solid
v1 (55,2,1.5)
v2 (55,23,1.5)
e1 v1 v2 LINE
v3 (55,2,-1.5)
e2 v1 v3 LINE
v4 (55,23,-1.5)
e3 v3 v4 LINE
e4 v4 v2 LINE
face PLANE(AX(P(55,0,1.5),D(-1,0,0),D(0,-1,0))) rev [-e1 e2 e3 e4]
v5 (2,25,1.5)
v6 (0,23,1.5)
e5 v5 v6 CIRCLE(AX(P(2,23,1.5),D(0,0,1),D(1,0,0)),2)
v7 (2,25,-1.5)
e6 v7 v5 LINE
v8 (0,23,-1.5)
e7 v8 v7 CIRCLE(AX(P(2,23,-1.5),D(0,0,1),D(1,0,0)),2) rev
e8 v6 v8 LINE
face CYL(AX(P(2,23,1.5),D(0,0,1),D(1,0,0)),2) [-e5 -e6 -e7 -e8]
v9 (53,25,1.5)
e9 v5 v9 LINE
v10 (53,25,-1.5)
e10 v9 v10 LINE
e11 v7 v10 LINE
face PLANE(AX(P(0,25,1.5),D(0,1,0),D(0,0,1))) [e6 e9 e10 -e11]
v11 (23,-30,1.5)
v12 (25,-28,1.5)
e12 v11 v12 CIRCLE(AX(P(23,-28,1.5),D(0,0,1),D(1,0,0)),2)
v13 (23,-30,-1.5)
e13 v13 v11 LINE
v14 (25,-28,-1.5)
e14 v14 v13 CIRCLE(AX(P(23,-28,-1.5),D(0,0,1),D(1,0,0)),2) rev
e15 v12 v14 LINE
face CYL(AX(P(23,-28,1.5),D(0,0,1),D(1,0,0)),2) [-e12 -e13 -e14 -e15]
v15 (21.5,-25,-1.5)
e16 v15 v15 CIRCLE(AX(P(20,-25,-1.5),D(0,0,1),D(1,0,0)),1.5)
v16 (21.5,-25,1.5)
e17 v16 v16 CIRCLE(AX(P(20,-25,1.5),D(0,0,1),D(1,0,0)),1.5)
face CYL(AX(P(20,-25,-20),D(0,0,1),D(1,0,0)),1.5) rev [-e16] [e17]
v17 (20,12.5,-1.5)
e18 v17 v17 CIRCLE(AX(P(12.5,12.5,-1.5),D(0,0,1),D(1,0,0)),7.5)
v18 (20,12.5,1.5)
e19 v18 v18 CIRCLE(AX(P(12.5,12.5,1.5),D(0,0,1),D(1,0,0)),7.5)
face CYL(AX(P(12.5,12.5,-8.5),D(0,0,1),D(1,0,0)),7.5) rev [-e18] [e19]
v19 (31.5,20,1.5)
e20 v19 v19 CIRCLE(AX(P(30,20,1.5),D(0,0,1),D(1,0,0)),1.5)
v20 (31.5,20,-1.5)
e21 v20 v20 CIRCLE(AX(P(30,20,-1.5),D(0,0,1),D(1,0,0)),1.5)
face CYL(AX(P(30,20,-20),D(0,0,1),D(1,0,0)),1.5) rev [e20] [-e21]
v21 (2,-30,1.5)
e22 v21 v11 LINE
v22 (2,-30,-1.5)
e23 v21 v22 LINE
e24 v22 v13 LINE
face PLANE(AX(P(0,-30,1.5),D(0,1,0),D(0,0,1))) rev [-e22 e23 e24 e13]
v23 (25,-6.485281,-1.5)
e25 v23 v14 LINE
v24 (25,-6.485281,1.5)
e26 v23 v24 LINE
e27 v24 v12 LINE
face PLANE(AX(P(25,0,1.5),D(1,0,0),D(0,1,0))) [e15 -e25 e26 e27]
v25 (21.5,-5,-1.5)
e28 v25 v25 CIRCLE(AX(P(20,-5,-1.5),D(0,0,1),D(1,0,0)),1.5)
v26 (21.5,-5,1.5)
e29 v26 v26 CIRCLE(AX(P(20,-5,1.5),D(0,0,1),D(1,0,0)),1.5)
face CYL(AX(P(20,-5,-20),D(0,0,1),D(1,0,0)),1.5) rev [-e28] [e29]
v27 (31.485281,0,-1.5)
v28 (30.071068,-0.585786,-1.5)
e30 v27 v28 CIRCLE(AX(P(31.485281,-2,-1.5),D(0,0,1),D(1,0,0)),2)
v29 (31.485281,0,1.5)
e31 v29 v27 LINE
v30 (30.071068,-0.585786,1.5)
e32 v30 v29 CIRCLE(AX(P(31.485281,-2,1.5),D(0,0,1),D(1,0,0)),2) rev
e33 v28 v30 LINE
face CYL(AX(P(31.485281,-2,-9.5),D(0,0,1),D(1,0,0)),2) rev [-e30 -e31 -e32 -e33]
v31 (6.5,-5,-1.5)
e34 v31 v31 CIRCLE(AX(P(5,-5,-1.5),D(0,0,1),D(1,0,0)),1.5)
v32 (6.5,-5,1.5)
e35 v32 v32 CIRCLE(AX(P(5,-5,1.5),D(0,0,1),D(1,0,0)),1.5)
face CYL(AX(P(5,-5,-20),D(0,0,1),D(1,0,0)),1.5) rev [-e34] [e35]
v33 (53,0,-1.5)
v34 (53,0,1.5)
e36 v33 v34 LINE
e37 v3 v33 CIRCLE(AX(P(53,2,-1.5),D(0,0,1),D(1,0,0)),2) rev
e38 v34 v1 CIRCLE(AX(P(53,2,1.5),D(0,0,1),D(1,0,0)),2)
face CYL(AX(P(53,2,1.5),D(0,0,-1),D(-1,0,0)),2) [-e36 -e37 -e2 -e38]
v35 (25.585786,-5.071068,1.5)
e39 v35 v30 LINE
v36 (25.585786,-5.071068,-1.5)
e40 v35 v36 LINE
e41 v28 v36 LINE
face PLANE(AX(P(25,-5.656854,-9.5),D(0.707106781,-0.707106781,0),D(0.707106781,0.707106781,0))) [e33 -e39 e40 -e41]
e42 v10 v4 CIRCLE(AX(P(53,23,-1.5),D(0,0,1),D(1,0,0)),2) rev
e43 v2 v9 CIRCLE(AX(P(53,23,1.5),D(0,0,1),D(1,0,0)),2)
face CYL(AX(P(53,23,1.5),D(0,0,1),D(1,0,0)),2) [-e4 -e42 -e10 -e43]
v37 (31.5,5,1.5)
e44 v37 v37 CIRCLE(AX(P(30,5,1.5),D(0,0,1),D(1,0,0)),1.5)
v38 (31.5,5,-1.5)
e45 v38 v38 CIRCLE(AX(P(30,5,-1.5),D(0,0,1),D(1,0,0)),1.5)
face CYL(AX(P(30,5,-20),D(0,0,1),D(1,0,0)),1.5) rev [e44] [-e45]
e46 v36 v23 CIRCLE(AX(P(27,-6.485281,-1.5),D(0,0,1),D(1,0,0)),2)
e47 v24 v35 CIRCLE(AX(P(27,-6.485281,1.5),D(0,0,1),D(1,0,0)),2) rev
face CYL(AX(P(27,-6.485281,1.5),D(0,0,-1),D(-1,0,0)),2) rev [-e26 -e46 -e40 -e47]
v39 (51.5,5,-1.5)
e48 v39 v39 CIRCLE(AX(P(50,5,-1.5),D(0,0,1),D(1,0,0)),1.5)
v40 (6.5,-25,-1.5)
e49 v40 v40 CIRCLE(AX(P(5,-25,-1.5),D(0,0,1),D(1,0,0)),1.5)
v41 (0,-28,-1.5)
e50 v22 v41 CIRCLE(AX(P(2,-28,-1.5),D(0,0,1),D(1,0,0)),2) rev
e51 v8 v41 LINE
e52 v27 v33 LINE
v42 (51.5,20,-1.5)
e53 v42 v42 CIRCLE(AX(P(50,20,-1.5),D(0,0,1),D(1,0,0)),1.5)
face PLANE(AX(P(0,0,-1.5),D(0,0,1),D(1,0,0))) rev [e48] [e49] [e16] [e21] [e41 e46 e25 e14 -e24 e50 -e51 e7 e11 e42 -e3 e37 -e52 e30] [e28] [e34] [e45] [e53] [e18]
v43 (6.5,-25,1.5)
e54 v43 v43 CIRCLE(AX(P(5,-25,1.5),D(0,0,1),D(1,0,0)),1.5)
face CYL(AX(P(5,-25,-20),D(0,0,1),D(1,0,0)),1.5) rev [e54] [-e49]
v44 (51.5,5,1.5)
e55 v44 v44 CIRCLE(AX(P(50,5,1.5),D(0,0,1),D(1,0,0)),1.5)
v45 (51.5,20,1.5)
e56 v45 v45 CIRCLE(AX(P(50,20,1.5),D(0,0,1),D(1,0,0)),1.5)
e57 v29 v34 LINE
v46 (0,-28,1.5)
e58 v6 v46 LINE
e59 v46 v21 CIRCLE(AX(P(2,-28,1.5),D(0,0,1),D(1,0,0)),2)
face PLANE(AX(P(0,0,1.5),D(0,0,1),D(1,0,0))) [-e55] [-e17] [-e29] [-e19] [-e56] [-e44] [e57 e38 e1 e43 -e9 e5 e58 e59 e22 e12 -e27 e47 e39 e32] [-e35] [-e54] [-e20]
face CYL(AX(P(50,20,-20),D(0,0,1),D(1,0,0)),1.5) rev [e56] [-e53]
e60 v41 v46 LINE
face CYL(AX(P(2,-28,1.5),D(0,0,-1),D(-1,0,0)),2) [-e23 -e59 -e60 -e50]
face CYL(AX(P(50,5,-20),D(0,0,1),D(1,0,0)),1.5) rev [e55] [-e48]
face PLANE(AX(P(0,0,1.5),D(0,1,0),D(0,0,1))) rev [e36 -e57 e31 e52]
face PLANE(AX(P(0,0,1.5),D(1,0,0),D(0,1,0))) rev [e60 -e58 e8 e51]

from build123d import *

# Parameters (mm, degrees)
SKETCH_1_W          = 25
SKETCH_1_H          = 30
EXTRUDE_1_DEPTH     = 1.5
SKETCH_2_R          = 1.5
CUT_EXTRUDE_1_DEPTH = 21.5
EXTRUDE_2_DEPTH     = 3
FILLET_1_R          = 2
SKETCH_4_R          = 7.5
CUT_EXTRUDE_2_DEPTH = 10


with BuildPart() as part:
    # 草图1 → 凸台-拉伸1 (new, symmetric)
    with BuildSketch(Plane.XY):
        with Locations((12.5, -15)):
            Rectangle(SKETCH_1_W, SKETCH_1_H)
        Polygon((0, 25), (0, 0), (25, 0), (55, 0), (55, 25), align=None)
    extrude(amount=EXTRUDE_1_DEPTH, both=True)

    # 草图2 → 切除-拉伸1 (cut, symmetric)
    with BuildSketch(Plane.XY.offset(1.5)):
        with Locations((20, -25)):
            Circle(SKETCH_2_R)
        with Locations((5, -25)):
            Circle(SKETCH_2_R)
        with Locations((5, -5)):
            Circle(SKETCH_2_R)
        with Locations((20, -5)):
            Circle(SKETCH_2_R)
        with Locations((30, 5)):
            Circle(SKETCH_2_R)
        with Locations((30, 20)):
            Circle(SKETCH_2_R)
        with Locations((50, 20)):
            Circle(SKETCH_2_R)
        with Locations((50, 5)):
            Circle(SKETCH_2_R)
    extrude(amount=CUT_EXTRUDE_1_DEPTH, both=True, mode=Mode.SUBTRACT)

    # 草图3 → 凸台-拉伸2 (add)
    with BuildSketch(Plane.XY.offset(1.5)):
        Polygon((25, -5.656854249), (30.656854249, 0), (25, 0), align=None)
    extrude(amount=-EXTRUDE_2_DEPTH)

    # 圆角1
    fillet_1_edges = [part.edges().sort_by_distance(p)[0] for p in [
        (25, -30, 0),
        (0, -30, 0),
        (0, 25, 0),
        (55, 25, 0),
        (55, 0, 0),
        (25, -5.656854249, 0),
        (30.656854249, 0, 0),
    ]]
    fillet(fillet_1_edges, radius=FILLET_1_R)

    # 草图4 → 切除-拉伸2 (cut)
    with BuildSketch(Plane.XY.offset(1.5)):
        with Locations((12.5, 12.5)):
            Circle(SKETCH_4_R)
    extrude(amount=-CUT_EXTRUDE_2_DEPTH, mode=Mode.SUBTRACT)


solid = part.part
